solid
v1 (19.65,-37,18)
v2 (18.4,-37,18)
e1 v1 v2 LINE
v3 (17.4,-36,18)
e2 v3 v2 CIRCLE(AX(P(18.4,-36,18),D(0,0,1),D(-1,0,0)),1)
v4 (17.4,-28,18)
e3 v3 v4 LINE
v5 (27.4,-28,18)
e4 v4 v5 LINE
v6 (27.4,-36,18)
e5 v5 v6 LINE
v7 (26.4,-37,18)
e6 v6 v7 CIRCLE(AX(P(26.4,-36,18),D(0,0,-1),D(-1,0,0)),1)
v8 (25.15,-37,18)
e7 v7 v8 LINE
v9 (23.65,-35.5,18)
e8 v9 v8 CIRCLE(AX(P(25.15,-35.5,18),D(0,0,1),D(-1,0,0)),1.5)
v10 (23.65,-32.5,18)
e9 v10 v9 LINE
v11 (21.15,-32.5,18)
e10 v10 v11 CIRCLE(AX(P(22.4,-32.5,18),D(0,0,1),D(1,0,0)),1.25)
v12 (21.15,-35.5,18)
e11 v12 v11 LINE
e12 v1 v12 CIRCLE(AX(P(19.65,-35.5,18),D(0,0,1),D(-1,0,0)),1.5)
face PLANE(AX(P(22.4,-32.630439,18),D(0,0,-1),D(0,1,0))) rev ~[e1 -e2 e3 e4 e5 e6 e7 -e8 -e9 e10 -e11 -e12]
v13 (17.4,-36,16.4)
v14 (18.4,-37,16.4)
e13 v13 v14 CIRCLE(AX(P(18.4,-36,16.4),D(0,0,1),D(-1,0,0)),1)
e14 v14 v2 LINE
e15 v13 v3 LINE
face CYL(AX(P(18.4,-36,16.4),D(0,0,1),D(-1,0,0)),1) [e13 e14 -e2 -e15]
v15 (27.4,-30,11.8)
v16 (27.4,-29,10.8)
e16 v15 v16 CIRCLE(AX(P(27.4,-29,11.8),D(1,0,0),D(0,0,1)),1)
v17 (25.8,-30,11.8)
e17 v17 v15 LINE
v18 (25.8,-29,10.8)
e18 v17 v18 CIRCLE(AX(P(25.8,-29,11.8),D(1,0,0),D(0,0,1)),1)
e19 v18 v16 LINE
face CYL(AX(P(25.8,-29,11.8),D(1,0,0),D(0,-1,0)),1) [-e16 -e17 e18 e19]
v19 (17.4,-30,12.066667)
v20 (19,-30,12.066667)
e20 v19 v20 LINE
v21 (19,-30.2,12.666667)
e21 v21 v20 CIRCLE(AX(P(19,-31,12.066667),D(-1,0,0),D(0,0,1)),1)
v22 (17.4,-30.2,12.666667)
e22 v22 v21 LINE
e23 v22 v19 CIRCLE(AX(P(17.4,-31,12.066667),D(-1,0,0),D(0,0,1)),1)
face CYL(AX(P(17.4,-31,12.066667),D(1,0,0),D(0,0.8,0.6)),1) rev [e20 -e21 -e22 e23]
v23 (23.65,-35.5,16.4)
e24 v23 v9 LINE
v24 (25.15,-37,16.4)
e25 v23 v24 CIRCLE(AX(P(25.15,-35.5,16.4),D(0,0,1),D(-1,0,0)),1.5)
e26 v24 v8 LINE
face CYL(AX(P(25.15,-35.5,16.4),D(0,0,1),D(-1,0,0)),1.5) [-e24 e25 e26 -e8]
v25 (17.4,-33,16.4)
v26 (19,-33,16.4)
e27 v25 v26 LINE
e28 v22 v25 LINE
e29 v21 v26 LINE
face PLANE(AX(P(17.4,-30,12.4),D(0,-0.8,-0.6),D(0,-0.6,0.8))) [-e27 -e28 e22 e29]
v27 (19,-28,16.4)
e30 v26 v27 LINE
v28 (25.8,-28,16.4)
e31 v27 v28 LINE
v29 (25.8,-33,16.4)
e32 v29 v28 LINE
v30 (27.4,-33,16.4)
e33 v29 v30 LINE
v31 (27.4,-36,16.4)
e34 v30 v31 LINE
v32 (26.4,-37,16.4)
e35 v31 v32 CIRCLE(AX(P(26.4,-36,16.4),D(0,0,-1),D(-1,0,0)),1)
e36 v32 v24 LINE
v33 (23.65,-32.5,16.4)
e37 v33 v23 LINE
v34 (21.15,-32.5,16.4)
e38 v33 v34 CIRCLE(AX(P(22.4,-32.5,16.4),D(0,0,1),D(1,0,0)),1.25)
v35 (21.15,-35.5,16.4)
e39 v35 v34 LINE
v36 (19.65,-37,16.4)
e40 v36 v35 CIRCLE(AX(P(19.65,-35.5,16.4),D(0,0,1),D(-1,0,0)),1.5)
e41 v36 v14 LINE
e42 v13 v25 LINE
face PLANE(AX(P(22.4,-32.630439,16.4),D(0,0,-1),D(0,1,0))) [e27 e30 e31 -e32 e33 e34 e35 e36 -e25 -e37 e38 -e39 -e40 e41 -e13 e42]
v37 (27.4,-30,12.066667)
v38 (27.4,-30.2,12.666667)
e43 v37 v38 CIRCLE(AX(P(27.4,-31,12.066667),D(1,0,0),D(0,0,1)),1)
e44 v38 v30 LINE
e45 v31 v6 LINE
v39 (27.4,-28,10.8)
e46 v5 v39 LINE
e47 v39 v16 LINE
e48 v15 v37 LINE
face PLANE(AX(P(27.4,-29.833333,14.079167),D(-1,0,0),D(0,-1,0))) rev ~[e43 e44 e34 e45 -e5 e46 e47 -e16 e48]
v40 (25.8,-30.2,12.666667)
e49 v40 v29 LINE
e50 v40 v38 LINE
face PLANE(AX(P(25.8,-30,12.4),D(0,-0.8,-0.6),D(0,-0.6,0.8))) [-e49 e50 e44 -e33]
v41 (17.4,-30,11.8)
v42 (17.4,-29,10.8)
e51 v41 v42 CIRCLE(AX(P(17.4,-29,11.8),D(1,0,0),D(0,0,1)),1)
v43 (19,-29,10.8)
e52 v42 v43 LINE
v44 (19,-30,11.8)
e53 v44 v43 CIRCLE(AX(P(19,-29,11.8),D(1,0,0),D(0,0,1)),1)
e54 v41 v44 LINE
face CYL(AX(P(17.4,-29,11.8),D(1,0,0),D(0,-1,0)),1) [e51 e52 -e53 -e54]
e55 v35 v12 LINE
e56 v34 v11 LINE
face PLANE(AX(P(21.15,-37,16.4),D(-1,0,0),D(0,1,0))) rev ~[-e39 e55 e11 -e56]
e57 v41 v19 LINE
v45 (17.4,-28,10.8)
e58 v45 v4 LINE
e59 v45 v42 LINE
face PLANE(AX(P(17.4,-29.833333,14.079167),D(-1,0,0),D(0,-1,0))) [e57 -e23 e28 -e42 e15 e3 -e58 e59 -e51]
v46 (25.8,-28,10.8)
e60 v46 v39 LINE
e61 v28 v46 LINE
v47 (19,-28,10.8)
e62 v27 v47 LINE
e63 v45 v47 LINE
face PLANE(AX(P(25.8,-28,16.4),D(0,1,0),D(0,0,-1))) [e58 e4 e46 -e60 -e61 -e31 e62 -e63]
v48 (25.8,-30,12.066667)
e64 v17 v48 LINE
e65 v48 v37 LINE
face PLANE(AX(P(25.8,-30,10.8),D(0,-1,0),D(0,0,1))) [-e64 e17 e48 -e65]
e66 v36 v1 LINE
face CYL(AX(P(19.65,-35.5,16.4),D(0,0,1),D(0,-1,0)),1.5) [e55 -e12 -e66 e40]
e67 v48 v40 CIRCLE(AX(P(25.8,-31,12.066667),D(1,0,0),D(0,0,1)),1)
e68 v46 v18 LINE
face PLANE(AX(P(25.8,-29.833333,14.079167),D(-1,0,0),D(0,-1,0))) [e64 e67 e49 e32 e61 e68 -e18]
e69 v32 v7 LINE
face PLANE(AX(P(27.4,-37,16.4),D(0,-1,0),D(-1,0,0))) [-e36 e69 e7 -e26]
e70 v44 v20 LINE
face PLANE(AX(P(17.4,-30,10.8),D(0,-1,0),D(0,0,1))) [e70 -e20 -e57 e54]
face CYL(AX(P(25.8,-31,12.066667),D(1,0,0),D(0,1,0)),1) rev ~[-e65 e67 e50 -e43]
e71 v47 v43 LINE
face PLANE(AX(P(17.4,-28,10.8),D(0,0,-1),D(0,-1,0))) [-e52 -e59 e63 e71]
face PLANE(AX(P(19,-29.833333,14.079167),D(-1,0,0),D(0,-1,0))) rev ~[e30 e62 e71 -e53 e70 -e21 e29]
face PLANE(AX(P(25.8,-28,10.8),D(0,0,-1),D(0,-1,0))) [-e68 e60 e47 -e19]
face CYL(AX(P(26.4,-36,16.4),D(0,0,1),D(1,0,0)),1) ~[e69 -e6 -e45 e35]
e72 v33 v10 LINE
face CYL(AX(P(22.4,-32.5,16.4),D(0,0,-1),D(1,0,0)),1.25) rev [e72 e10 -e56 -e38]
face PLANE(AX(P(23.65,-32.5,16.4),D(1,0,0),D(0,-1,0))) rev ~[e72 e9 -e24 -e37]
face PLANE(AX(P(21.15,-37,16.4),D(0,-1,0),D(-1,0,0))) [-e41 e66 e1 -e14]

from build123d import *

# Parameters (mm, degrees)
PAD076_DEPTH            = 1.6
PAD077_DEPTH            = 1.6
LINEARPATTERN008_COUNT  = 2
LINEARPATTERN008_PITCH  = 8.4
FILLET032_R             = 1
FILLET033_R             = 1
FILLET034_R             = 1
FILLET003_R             = 1.5
BODY024_PLACEMENT_ANGLE = 90


with BuildPart() as part:
    # Sketch106 → Pad076 (new body)
    with BuildSketch(Plane.XY):
        with BuildLine():
            Line((-4.5, 5), (4.5, 5))
            Line((4.5, 5), (4.5, 1.25))
            Line((0, 1.25), (4.5, 1.25))
            ThreePointArc((0, 1.25), (-1.25, 0), (0, -1.25))
            Line((4.5, -1.25), (0, -1.25))
            Line((4.5, -1.25), (4.5, -5))
            Line((4.5, -5), (-4.5, -5))
            Line((-4.5, -5), (-4.5, 5))
        make_face()
    extrude(amount=PAD076_DEPTH)

    # Sketch107 (on DatumPlane) → Pad077 (join)
    with BuildSketch(Plane.XZ.offset(5)):
        Polygon((-4.5, 0), (-4.5, -5.6), (-2.5, -5.6), (-2.5, -4), (0.5, 0), align=None)
    pad077 = extrude(amount=-PAD077_DEPTH)

    # LinearPattern008: Pad077 ×2
    with Locations(*[(0, i * LINEARPATTERN008_PITCH, 0) for i in range(1, LINEARPATTERN008_COUNT)]):
        add(pad077)

    # Fillet032
    fillet032_edges = [part.edges().sort_by_distance(p)[0] for p in [
        (-2.5, -4.2, -5.6),
        (-2.5, 4.2, -5.6),
    ]]
    fillet(fillet032_edges, radius=FILLET032_R)

    # Fillet033
    fillet033_edges = [part.edges().sort_by_distance(p)[0] for p in [
        (-2.5, -4.2, -4),
        (-2.5, 4.2, -4),
    ]]
    fillet(fillet033_edges, radius=FILLET033_R)

    # Fillet034
    fillet034_edges = [part.edges().sort_by_distance(p)[0] for p in [
        (4.5, -5, 0.8),
        (4.5, 5, 0.8),
    ]]
    fillet(fillet034_edges, radius=FILLET034_R)

    # Fillet003
    fillet003_edges = [part.edges().sort_by_distance(p)[0] for p in [
        (4.5, -1.25, 0.8),
        (4.5, 1.25, 0.8),
    ]]
    fillet(fillet003_edges, radius=FILLET003_R)


with BuildPart() as part_1:
    # Body024 placement: moved
    add(part.part.moved(Location((22.4, -32.5, 16.4))).rotate(Axis((22.4, -32.5, 16.4), (0, 0, -1)), BODY024_PLACEMENT_ANGLE))


solid = part_1.part
